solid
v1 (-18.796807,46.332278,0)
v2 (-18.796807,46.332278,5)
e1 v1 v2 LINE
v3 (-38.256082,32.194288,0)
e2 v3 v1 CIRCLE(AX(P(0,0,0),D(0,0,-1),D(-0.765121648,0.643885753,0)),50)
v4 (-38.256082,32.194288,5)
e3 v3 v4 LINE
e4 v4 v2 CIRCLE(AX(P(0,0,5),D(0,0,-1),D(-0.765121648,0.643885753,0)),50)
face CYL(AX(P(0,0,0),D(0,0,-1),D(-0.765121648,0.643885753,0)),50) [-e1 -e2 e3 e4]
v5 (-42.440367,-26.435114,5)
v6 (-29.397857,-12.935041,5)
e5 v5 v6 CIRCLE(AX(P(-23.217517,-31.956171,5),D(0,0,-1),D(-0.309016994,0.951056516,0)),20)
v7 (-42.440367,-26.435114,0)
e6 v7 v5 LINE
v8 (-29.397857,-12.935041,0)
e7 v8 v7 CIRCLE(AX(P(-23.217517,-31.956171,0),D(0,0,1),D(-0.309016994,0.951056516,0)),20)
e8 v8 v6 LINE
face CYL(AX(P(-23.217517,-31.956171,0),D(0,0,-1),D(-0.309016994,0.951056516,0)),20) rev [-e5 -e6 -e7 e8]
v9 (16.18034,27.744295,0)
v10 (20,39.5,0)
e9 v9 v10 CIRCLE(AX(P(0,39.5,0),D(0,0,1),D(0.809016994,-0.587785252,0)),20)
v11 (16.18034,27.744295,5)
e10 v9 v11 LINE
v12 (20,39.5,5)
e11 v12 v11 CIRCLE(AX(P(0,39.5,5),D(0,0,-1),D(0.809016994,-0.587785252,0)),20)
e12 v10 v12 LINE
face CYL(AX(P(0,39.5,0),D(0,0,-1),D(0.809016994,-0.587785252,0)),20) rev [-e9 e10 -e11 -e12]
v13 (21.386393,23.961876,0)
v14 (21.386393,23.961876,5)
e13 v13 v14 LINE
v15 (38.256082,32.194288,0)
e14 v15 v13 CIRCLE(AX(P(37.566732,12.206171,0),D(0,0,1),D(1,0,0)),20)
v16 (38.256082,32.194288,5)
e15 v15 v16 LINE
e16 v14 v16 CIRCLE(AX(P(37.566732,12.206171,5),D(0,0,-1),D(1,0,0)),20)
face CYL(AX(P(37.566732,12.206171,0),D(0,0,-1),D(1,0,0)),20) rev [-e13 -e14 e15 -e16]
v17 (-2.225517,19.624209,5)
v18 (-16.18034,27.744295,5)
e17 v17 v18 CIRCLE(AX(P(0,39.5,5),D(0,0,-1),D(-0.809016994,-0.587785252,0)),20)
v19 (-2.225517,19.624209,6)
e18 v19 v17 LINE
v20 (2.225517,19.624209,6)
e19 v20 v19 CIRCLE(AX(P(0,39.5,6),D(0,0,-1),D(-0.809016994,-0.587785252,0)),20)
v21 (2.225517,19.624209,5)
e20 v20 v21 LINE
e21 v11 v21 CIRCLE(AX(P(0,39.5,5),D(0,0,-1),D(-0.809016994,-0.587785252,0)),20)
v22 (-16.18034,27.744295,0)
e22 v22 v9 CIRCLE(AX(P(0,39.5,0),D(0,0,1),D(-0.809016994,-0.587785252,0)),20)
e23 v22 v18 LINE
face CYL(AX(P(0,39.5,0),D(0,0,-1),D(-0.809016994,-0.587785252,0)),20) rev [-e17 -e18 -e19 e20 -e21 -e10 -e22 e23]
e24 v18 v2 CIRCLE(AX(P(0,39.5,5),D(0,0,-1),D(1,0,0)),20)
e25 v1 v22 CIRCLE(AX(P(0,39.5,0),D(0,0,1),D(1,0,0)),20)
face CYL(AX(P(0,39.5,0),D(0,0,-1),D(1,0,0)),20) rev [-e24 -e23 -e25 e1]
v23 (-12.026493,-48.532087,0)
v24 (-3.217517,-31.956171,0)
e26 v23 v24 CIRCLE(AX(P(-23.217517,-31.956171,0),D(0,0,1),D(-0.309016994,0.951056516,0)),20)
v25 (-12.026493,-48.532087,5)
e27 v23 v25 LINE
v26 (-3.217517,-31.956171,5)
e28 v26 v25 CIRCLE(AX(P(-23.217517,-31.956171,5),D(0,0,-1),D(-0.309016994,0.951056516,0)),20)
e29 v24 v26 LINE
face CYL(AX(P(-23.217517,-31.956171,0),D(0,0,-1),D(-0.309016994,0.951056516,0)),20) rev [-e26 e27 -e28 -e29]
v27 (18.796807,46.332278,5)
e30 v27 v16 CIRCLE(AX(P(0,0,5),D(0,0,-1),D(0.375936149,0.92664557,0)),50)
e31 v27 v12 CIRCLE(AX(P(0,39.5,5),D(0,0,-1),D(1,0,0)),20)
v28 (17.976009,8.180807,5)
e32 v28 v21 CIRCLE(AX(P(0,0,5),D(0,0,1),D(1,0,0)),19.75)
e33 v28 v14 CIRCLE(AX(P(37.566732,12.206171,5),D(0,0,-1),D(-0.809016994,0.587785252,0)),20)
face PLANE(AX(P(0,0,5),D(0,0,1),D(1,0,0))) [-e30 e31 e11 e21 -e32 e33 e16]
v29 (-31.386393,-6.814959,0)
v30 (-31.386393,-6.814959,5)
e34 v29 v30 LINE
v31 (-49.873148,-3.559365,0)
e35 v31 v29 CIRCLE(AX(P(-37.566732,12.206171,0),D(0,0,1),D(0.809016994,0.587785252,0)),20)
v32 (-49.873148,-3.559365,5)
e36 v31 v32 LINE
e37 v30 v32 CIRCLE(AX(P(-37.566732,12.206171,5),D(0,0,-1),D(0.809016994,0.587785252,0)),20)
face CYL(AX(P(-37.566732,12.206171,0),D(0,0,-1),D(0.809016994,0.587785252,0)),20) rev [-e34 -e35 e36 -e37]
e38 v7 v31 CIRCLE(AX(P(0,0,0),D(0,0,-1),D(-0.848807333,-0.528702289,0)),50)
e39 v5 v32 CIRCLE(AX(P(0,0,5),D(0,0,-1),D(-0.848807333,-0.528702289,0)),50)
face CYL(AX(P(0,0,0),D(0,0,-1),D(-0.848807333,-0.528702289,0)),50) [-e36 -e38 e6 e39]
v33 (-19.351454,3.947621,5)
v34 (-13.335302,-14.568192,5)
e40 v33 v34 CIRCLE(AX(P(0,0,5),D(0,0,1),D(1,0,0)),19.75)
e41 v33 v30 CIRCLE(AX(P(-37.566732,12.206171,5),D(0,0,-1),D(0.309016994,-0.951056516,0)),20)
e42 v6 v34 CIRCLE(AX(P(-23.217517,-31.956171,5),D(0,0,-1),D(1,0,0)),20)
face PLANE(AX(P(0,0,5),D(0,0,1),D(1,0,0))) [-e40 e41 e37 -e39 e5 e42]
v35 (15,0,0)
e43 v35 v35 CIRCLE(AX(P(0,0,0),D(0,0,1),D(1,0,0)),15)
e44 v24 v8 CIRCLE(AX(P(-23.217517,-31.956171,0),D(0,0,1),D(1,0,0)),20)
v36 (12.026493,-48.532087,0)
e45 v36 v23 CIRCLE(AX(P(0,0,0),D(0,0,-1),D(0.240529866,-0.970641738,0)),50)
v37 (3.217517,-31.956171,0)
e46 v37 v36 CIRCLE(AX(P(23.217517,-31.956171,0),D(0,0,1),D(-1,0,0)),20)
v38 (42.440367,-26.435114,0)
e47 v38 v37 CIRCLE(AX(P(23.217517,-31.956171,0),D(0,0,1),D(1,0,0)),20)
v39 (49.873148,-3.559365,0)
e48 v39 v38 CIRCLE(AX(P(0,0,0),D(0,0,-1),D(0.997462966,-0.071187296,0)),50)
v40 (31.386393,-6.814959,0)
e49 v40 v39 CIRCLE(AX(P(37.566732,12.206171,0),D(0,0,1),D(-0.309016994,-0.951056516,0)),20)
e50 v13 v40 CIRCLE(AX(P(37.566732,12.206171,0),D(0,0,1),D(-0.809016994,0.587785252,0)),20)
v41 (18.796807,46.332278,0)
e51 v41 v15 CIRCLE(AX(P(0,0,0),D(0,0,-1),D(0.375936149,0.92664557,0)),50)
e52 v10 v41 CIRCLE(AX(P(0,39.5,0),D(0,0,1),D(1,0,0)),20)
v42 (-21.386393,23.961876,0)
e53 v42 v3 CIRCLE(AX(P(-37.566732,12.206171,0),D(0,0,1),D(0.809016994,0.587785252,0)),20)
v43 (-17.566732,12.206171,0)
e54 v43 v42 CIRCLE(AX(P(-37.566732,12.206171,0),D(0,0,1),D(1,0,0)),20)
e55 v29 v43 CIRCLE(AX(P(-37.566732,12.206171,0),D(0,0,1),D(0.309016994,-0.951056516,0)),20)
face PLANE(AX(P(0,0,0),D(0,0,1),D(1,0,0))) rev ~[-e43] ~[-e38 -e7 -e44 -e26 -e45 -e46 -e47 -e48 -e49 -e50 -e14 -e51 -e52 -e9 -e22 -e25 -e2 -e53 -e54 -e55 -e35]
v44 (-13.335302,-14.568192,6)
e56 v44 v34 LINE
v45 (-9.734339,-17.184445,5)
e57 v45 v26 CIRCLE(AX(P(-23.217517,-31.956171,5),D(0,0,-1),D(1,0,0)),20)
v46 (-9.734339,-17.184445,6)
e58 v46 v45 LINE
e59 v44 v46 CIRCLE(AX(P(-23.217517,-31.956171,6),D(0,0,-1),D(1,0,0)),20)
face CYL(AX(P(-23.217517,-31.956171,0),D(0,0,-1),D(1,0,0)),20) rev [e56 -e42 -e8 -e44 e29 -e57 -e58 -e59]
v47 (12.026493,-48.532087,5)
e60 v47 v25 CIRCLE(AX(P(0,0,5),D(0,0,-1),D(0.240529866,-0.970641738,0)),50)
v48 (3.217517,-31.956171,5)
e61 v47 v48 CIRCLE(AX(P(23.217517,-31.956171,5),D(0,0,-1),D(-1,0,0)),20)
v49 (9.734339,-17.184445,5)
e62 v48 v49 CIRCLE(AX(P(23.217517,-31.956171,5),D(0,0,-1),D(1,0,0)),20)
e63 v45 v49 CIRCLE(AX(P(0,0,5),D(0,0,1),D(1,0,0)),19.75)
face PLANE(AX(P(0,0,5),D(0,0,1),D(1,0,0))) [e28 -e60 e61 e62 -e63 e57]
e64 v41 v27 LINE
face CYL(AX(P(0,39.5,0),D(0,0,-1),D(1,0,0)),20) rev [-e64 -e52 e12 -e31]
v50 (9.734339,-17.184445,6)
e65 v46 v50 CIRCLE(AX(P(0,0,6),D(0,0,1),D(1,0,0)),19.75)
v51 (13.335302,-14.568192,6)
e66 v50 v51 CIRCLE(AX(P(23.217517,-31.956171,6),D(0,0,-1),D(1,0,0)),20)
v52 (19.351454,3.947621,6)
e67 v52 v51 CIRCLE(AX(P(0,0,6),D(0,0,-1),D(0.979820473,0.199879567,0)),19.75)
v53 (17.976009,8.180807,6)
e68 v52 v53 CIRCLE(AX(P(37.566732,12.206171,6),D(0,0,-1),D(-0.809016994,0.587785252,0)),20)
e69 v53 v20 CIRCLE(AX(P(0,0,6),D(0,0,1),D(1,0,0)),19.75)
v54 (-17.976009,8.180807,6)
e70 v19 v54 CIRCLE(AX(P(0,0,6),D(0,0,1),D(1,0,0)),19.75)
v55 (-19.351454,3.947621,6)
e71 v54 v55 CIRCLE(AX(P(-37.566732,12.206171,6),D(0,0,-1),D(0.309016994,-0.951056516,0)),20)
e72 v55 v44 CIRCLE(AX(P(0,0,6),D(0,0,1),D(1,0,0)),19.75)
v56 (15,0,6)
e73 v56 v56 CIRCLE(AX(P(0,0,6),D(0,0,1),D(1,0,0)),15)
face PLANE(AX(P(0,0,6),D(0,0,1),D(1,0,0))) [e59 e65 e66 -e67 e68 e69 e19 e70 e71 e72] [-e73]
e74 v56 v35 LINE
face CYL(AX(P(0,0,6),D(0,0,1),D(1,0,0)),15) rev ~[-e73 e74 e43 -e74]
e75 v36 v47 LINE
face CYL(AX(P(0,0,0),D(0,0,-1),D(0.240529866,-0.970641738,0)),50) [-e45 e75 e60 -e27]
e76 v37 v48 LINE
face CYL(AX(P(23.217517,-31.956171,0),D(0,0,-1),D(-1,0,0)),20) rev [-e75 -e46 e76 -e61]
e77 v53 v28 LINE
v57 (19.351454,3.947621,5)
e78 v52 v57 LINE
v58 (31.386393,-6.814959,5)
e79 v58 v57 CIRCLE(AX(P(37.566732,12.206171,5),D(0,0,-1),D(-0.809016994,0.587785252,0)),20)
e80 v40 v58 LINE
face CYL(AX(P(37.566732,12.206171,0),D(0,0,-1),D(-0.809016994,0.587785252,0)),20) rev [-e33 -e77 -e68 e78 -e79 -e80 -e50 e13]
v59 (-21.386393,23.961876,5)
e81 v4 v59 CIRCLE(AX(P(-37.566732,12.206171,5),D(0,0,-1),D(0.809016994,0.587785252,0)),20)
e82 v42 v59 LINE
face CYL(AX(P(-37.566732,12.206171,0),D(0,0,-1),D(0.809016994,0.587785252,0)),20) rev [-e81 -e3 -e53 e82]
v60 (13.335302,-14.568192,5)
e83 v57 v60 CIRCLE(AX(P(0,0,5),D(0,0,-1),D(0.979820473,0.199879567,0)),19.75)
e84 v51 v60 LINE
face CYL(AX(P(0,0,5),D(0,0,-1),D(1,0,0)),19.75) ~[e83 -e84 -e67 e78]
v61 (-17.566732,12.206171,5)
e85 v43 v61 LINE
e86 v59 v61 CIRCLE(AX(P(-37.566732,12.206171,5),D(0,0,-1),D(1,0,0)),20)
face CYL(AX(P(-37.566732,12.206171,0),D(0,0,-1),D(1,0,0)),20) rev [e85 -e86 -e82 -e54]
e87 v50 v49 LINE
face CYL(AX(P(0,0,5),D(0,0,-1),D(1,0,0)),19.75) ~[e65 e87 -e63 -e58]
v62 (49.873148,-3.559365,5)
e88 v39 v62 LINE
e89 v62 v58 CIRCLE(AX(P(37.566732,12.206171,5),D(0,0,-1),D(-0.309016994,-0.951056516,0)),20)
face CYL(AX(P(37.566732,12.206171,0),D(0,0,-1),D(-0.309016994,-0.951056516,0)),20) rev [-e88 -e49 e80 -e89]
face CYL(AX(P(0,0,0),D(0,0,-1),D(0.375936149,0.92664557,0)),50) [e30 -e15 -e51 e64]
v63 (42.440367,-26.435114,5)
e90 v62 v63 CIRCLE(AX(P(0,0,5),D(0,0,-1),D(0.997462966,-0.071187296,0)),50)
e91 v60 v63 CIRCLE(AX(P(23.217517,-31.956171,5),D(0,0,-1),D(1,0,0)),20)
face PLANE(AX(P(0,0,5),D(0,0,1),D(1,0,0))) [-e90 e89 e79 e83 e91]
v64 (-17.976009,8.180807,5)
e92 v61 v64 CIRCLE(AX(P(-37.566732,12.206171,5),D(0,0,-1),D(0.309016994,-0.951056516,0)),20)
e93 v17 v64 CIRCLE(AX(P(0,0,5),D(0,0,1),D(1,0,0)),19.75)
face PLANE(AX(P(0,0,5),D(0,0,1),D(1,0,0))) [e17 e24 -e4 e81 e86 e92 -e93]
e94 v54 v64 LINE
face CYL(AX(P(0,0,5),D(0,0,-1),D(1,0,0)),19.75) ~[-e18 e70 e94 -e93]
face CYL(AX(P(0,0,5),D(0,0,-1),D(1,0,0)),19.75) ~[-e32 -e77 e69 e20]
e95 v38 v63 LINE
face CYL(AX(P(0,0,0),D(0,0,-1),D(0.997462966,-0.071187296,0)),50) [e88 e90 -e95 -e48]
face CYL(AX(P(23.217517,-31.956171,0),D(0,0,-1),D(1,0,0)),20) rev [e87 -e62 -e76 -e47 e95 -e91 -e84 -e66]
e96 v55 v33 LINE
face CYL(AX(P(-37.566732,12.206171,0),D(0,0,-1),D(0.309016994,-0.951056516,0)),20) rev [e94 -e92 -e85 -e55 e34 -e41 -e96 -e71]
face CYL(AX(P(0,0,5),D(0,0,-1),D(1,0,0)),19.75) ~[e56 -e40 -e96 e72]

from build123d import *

# Parameters (mm, degrees)
F0_R     = 60
F1_DEPTH = 5
F2_R     = 19.75
F3_DEPTH = 1
F4_DEPTH = 25
F5_R     = 60
F6_DEPTH = 25
F7_R     = 15
F8_DEPTH = 25


with BuildPart() as f1:
    # F0 (on Top) → F1 (new body)
    with BuildSketch(Plane.XY):
        Circle(F0_R)
        with BuildLine():
            ThreePointArc((57.5667323937, 12.2061712778), (49.3224374395, -3.9741686097), (31.3863925062, -6.8149590481))
            Line((31.3863925062, -6.8149590481), (29.3978573531, -12.9350409519))
            ThreePointArc((29.3978573531, -12.9350409519), (39.3978573531, -20.200466232), (43.2175174656, -31.9561712778))
            ThreePointArc((43.2175174656, -31.9561712778), (23.2175174656, -51.9561712778), (3.2175174656, -31.9561712778))
            Line((3.2175174656, -31.9561712778), (-3.2175174656, -31.9561712778))
            ThreePointArc((-3.2175174656, -31.9561712778), (-34.9732225114, -48.1365111653), (-29.3978573531, -12.9350409519))
            Line((-29.3978573531, -12.9350409519), (-31.3863925062, -6.8149590481))
            ThreePointArc((-31.3863925062, -6.8149590481), (-56.5878627196, 18.3865111653), (-21.3863925062, 23.9618763237))
            Line((-21.3863925062, 23.9618763237), (-16.1803398875, 27.7442949542))
            ThreePointArc((-16.1803398875, 27.7442949542), (-6.1803398875, 58.5211303259), (20, 39.5))
            ThreePointArc((20, 39.5), (19.0211303259, 33.3196601125), (16.1803398875, 27.7442949542))
            Line((16.1803398875, 27.7442949542), (21.3863925062, 23.9618763237))
            ThreePointArc((21.3863925062, 23.9618763237), (43.7470722812, 31.2273016037), (57.5667323937, 12.2061712778))
        make_face(mode=Mode.SUBTRACT)
        with BuildLine():
            Line((-37.5667323937, 12.2061712778), (-21.3863925062, 23.9618763237))
            ThreePointArc((-21.3863925062, 23.9618763237), (-56.5878627196, 18.3865111653), (-31.3863925062, -6.8149590481))
            Line((-31.3863925062, -6.8149590481), (-37.5667323937, 12.2061712778))
        make_face()
        with BuildLine():
            ThreePointArc((-17.5667323937, 12.2061712778), (-18.5456020678, 18.3865111653), (-21.3863925062, 23.9618763237))
            Line((-21.3863925062, 23.9618763237), (-37.5667323937, 12.2061712778))
            Line((-37.5667323937, 12.2061712778), (-31.3863925062, -6.8149590481))
            ThreePointArc((-31.3863925062, -6.8149590481), (-21.3863925062, 0.450466232), (-17.5667323937, 12.2061712778))
        make_face()
        with BuildLine():
            ThreePointArc((-29.3978573531, -12.9350409519), (-34.9732225114, -48.1365111653), (-3.2175174656, -31.9561712778))
            Line((-3.2175174656, -31.9561712778), (-23.2175174656, -31.9561712778))
            Line((-23.2175174656, -31.9561712778), (-29.3978573531, -12.9350409519))
        make_face()
        with BuildLine():
            Line((-23.2175174656, -31.9561712778), (-3.2175174656, -31.9561712778))
            ThreePointArc((-3.2175174656, -31.9561712778), (-11.4618124197, -15.7758313903), (-29.3978573531, -12.9350409519))
            Line((-29.3978573531, -12.9350409519), (-23.2175174656, -31.9561712778))
        make_face()
        with BuildLine():
            ThreePointArc((43.2175174656, -31.9561712778), (39.3978573531, -20.200466232), (29.3978573531, -12.9350409519))
            Line((29.3978573531, -12.9350409519), (23.2175174656, -31.9561712778))
            Line((23.2175174656, -31.9561712778), (3.2175174656, -31.9561712778))
            ThreePointArc((3.2175174656, -31.9561712778), (23.2175174656, -51.9561712778), (43.2175174656, -31.9561712778))
        make_face()
        with BuildLine():
            Line((23.2175174656, -31.9561712778), (29.3978573531, -12.9350409519))
            ThreePointArc((29.3978573531, -12.9350409519), (11.4618124197, -15.7758313903), (3.2175174656, -31.9561712778))
            Line((3.2175174656, -31.9561712778), (23.2175174656, -31.9561712778))
        make_face()
        with BuildLine():
            Line((29.3978573531, -12.9350409519), (31.3863925062, -6.8149590481))
            ThreePointArc((31.3863925062, -6.8149590481), (18.5456020678, 6.0258313903), (21.3863925062, 23.9618763237))
            Line((21.3863925062, 23.9618763237), (16.1803398875, 27.7442949542))
            ThreePointArc((16.1803398875, 27.7442949542), (0, 19.5), (-16.1803398875, 27.7442949542))
            Line((-16.1803398875, 27.7442949542), (-21.3863925062, 23.9618763237))
            ThreePointArc((-21.3863925062, 23.9618763237), (-18.5456020678, 18.3865111653), (-17.5667323937, 12.2061712778))
            ThreePointArc((-17.5667323937, 12.2061712778), (-21.3863925062, 0.450466232), (-31.3863925062, -6.8149590481))
            Line((-31.3863925062, -6.8149590481), (-29.3978573531, -12.9350409519))
            ThreePointArc((-29.3978573531, -12.9350409519), (-11.4618124197, -15.7758313903), (-3.2175174656, -31.9561712778))
            Line((-3.2175174656, -31.9561712778), (3.2175174656, -31.9561712778))
            ThreePointArc((3.2175174656, -31.9561712778), (11.4618124197, -15.7758313903), (29.3978573531, -12.9350409519))
        make_face()
        with BuildLine():
            Line((31.3863925062, -6.8149590481), (37.5667323937, 12.2061712778))
            Line((37.5667323937, 12.2061712778), (21.3863925062, 23.9618763237))
            ThreePointArc((21.3863925062, 23.9618763237), (18.5456020678, 6.0258313903), (31.3863925062, -6.8149590481))
        make_face()
        with BuildLine():
            Line((21.3863925062, 23.9618763237), (37.5667323937, 12.2061712778))
            Line((37.5667323937, 12.2061712778), (31.3863925062, -6.8149590481))
            ThreePointArc((31.3863925062, -6.8149590481), (49.3224374395, -3.9741686097), (57.5667323937, 12.2061712778))
            ThreePointArc((57.5667323937, 12.2061712778), (43.7470722812, 31.2273016037), (21.3863925062, 23.9618763237))
        make_face()
        with BuildLine():
            ThreePointArc((-16.1803398875, 27.7442949542), (0, 19.5), (16.1803398875, 27.7442949542))
            Line((16.1803398875, 27.7442949542), (0, 39.5))
            Line((0, 39.5), (-16.1803398875, 27.7442949542))
        make_face()
        with BuildLine():
            Line((0, 39.5), (16.1803398875, 27.7442949542))
            ThreePointArc((16.1803398875, 27.7442949542), (19.0211303259, 33.3196601125), (20, 39.5))
            ThreePointArc((20, 39.5), (-6.1803398875, 58.5211303259), (-16.1803398875, 27.7442949542))
            Line((-16.1803398875, 27.7442949542), (0, 39.5))
        make_face()
    extrude(amount=F1_DEPTH)

    # F2 (on face) → F3 (join)
    with BuildSketch(Plane.XY.offset(5)):
        Circle(F2_R)
    extrude(amount=F3_DEPTH)

    # F0 (on Top) → F4 (cut)
    with BuildSketch(Plane.XY):
        with BuildLine():
            ThreePointArc((-29.3978573531, -12.9350409519), (-34.9732225114, -48.1365111653), (-3.2175174656, -31.9561712778))
            Line((-3.2175174656, -31.9561712778), (-23.2175174656, -31.9561712778))
            Line((-23.2175174656, -31.9561712778), (-29.3978573531, -12.9350409519))
        make_face()
        with BuildLine():
            Line((-23.2175174656, -31.9561712778), (-3.2175174656, -31.9561712778))
            ThreePointArc((-3.2175174656, -31.9561712778), (-11.4618124197, -15.7758313903), (-29.3978573531, -12.9350409519))
            Line((-29.3978573531, -12.9350409519), (-23.2175174656, -31.9561712778))
        make_face()
        with BuildLine():
            ThreePointArc((43.2175174656, -31.9561712778), (39.3978573531, -20.200466232), (29.3978573531, -12.9350409519))
            Line((29.3978573531, -12.9350409519), (23.2175174656, -31.9561712778))
            Line((23.2175174656, -31.9561712778), (3.2175174656, -31.9561712778))
            ThreePointArc((3.2175174656, -31.9561712778), (23.2175174656, -51.9561712778), (43.2175174656, -31.9561712778))
        make_face()
        with BuildLine():
            Line((23.2175174656, -31.9561712778), (29.3978573531, -12.9350409519))
            ThreePointArc((29.3978573531, -12.9350409519), (11.4618124197, -15.7758313903), (3.2175174656, -31.9561712778))
            Line((3.2175174656, -31.9561712778), (23.2175174656, -31.9561712778))
        make_face()
        with BuildLine():
            Line((21.3863925062, 23.9618763237), (37.5667323937, 12.2061712778))
            Line((37.5667323937, 12.2061712778), (31.3863925062, -6.8149590481))
            ThreePointArc((31.3863925062, -6.8149590481), (49.3224374395, -3.9741686097), (57.5667323937, 12.2061712778))
            ThreePointArc((57.5667323937, 12.2061712778), (43.7470722812, 31.2273016037), (21.3863925062, 23.9618763237))
        make_face()
        with BuildLine():
            Line((31.3863925062, -6.8149590481), (37.5667323937, 12.2061712778))
            Line((37.5667323937, 12.2061712778), (21.3863925062, 23.9618763237))
            ThreePointArc((21.3863925062, 23.9618763237), (18.5456020678, 6.0258313903), (31.3863925062, -6.8149590481))
        make_face()
        with BuildLine():
            ThreePointArc((-16.1803398875, 27.7442949542), (0, 19.5), (16.1803398875, 27.7442949542))
            Line((16.1803398875, 27.7442949542), (0, 39.5))
            Line((0, 39.5), (-16.1803398875, 27.7442949542))
        make_face()
        with BuildLine():
            Line((0, 39.5), (16.1803398875, 27.7442949542))
            ThreePointArc((16.1803398875, 27.7442949542), (19.0211303259, 33.3196601125), (20, 39.5))
            ThreePointArc((20, 39.5), (-6.1803398875, 58.5211303259), (-16.1803398875, 27.7442949542))
            Line((-16.1803398875, 27.7442949542), (0, 39.5))
        make_face()
        with BuildLine():
            Line((-37.5667323937, 12.2061712778), (-21.3863925062, 23.9618763237))
            ThreePointArc((-21.3863925062, 23.9618763237), (-56.5878627196, 18.3865111653), (-31.3863925062, -6.8149590481))
            Line((-31.3863925062, -6.8149590481), (-37.5667323937, 12.2061712778))
        make_face()
        with BuildLine():
            ThreePointArc((-17.5667323937, 12.2061712778), (-18.5456020678, 18.3865111653), (-21.3863925062, 23.9618763237))
            Line((-21.3863925062, 23.9618763237), (-37.5667323937, 12.2061712778))
            Line((-37.5667323937, 12.2061712778), (-31.3863925062, -6.8149590481))
            ThreePointArc((-31.3863925062, -6.8149590481), (-21.3863925062, 0.450466232), (-17.5667323937, 12.2061712778))
        make_face()
    extrude(amount=F4_DEPTH, mode=Mode.SUBTRACT)

    # F5 (on face) → F6 (cut)
    with BuildSketch(Plane.XY):
        Circle(F5_R)
        with BuildLine():
            ThreePointArc((18.7968074618, 46.332278481), (29.3892626146, 40.4508497187), (38.2560824185, 32.1942876609))
            ThreePointArc((38.2560824185, 32.1942876609), (51.9505253652, 26.1024477486), (57.5667323937, 12.2061712778))
            ThreePointArc((57.5667323937, 12.2061712778), (55.5407180163, 3.4348634598), (49.8731483099, -3.5593647834))
            ThreePointArc((49.8731483099, -3.5593647834), (47.5528258148, -15.4508497187), (42.4403666729, -26.435114463))
            ThreePointArc((42.4403666729, -26.435114463), (43.0222767944, -29.1684288351), (43.2175174656, -31.9561712778))
            ThreePointArc((43.2175174656, -31.9561712778), (32.6031319122, -49.6171520393), (12.0264933196, -48.5320868955))
            ThreePointArc((12.0264933196, -48.5320868955), (0, -50), (-12.0264933196, -48.5320868955))
            ThreePointArc((-12.0264933196, -48.5320868955), (-34.9732225114, -48.1365111653), (-42.4403666729, -26.435114463))
            ThreePointArc((-42.4403666729, -26.435114463), (-47.5528258148, -15.4508497187), (-49.8731483099, -3.5593647834))
            ThreePointArc((-49.8731483099, -3.5593647834), (-56.5878627196, 18.3865111653), (-38.2560824185, 32.1942876609))
            ThreePointArc((-38.2560824185, 32.1942876609), (-29.3892626146, 40.4508497187), (-18.7968074618, 46.332278481))
            ThreePointArc((-18.7968074619, 46.332278481), (0, 59.5), (18.7968074619, 46.332278481))
        make_face(mode=Mode.SUBTRACT)
    extrude(amount=F6_DEPTH, mode=Mode.SUBTRACT)

    # F7 (on face) → F8 (cut)
    with BuildSketch(Plane.XY.offset(6)):
        Circle(F7_R)
    extrude(amount=-F8_DEPTH, mode=Mode.SUBTRACT)


solid = f1.part
